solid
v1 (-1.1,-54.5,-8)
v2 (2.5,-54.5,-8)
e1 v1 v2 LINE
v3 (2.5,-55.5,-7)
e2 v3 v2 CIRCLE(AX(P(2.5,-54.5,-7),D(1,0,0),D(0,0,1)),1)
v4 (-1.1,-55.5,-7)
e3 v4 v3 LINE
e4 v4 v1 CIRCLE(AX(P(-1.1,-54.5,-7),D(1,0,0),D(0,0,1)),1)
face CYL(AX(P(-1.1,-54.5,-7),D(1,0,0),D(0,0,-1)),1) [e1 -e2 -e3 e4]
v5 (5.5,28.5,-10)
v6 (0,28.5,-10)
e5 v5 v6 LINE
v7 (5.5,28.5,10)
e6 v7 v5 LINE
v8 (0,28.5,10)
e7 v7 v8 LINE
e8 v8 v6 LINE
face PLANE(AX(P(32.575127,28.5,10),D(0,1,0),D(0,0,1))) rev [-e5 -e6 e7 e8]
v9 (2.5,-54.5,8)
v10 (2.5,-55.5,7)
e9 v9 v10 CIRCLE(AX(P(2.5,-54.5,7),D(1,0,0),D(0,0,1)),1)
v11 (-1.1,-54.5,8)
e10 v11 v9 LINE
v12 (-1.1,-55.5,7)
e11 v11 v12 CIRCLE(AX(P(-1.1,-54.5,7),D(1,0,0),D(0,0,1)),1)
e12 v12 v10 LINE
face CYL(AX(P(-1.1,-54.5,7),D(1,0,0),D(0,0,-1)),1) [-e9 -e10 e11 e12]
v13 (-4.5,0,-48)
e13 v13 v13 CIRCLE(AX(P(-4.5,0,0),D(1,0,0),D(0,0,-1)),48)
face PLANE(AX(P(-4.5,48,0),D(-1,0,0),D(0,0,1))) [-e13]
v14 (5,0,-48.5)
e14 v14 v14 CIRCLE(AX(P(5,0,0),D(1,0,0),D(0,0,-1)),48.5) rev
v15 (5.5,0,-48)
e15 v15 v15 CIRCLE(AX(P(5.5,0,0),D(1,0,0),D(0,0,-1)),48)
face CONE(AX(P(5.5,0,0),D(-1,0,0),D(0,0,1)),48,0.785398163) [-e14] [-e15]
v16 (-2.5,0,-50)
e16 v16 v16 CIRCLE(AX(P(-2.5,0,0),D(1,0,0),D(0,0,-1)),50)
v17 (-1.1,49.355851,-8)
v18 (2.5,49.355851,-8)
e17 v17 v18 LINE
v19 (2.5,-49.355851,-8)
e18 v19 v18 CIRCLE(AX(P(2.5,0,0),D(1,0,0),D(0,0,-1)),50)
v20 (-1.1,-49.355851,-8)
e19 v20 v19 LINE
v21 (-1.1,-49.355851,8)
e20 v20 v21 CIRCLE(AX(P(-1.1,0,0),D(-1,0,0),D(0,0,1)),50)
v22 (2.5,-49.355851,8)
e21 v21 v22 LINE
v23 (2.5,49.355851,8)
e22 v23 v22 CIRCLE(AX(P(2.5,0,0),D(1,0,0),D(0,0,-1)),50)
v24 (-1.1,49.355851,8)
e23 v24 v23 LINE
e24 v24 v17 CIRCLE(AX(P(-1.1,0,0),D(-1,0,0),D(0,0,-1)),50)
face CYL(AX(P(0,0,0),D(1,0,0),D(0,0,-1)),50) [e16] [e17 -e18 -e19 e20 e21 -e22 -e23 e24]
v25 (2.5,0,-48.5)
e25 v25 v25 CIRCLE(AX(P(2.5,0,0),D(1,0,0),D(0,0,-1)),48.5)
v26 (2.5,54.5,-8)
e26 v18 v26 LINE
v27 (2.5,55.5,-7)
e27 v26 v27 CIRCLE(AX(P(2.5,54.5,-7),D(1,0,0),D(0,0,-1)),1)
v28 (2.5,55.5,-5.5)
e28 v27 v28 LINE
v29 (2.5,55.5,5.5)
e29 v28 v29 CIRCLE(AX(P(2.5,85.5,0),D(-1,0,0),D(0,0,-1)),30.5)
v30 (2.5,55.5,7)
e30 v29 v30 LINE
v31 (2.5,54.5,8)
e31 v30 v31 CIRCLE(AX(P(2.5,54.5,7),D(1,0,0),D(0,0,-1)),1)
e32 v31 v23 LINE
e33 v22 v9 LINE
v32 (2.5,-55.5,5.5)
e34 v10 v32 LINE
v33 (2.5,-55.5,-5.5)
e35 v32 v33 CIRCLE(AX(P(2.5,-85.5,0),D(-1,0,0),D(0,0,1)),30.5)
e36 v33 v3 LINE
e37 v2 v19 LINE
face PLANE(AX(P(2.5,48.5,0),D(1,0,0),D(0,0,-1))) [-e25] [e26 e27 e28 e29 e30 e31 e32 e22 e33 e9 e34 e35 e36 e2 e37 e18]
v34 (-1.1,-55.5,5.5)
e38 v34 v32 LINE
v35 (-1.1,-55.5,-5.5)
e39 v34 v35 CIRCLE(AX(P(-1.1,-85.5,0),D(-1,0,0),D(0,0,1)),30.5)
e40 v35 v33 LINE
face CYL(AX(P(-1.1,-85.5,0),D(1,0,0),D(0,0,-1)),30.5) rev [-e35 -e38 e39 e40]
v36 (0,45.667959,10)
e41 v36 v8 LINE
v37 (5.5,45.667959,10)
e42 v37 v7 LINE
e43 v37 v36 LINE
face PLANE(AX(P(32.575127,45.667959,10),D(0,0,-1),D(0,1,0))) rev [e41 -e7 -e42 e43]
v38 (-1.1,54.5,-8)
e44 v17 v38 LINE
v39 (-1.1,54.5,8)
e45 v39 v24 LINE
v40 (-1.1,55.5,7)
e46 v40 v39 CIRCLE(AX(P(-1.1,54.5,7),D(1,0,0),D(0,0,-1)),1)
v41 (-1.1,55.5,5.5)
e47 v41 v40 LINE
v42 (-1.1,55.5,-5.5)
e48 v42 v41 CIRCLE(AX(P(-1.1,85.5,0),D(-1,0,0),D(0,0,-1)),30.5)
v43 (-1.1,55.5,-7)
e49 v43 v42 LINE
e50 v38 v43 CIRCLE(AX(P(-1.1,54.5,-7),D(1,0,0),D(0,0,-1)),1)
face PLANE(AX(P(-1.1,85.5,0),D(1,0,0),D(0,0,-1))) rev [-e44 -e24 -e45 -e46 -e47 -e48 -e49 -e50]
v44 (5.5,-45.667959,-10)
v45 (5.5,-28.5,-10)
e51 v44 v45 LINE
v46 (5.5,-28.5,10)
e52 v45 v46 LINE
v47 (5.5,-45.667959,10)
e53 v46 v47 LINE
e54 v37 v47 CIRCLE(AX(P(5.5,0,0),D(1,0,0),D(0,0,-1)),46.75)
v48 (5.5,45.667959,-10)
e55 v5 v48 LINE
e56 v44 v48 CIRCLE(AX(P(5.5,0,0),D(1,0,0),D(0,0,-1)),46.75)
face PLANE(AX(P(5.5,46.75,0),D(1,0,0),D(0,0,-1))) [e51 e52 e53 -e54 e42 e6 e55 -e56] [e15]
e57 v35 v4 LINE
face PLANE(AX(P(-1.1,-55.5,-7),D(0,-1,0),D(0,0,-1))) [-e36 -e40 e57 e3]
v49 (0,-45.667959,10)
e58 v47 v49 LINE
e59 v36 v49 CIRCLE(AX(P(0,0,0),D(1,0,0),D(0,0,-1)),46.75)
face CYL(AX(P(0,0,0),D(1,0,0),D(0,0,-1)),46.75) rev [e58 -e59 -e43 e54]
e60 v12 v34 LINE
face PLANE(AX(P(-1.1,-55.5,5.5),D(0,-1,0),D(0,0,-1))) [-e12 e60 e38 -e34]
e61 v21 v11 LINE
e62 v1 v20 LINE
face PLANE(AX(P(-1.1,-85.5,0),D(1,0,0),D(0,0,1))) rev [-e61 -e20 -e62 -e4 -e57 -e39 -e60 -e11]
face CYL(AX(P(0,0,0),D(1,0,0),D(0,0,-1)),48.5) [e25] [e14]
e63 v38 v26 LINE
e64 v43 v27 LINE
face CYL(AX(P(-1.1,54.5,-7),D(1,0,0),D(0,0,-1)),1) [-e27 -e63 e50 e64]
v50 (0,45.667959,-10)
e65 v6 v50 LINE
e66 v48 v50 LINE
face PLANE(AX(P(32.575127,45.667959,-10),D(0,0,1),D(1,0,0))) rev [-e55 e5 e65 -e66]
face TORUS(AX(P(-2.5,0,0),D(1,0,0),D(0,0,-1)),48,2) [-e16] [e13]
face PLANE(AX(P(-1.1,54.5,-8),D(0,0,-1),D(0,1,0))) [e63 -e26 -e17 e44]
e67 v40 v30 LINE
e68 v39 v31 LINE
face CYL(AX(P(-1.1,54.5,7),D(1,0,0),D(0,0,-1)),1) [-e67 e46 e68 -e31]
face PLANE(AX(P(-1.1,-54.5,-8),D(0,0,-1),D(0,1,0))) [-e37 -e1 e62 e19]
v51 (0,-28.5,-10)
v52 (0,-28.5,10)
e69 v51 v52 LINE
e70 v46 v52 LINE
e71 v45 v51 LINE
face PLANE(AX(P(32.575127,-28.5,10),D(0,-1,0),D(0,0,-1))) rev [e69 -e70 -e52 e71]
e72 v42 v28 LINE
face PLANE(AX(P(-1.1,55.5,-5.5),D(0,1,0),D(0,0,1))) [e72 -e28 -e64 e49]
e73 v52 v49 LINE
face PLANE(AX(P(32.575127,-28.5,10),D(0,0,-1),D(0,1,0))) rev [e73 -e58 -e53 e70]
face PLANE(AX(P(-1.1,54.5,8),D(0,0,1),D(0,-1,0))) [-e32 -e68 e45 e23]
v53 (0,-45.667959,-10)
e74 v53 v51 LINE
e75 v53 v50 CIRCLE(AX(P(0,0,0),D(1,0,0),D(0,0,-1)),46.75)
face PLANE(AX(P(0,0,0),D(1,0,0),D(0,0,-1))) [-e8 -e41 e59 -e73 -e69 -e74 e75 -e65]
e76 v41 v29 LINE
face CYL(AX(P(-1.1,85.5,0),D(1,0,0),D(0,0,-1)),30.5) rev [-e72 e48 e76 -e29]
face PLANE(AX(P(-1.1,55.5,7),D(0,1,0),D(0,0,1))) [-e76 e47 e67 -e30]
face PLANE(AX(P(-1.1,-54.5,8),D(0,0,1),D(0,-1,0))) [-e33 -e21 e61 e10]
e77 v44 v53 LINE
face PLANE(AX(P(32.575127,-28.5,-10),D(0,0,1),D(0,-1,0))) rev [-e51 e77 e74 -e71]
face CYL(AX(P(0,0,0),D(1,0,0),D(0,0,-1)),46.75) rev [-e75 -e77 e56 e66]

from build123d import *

# Parameters (mm, degrees)
CHANFREIN1_SIZE              = 0.5
BOSS_EXTRU_1_START           = 5.5
BOSS_EXTRU_1_DEPTH           = 5.5
BOSS_EXTRU_2_START           = -3.6
BOSS_EXTRU_2_DEPTH           = 3.6
R_P_TITION_CIRCULAIRE1_COUNT = 2


with BuildPart() as part:
    # Esquisse1 → Révolution1 (revolve)
    with BuildSketch(Plane.XY, mode=Mode.PRIVATE) as r_volution1_sk:
        with BuildLine():
            Line((0, 0), (0, 46.75))
            Line((0, 46.75), (5.5, 46.75))
            Line((5.5, 46.75), (5.5, 48.5))
            Line((5.5, 48.5), (2.5, 48.5))
            Line((2.5, 48.5), (2.5, 50))
            Line((2.5, 50), (-2.5, 50))
            ThreePointArc((-2.5, 50), (-3.914213562, 49.414213562), (-4.5, 48))
            Line((-4.5, 48), (-4.5, 0))
            Line((-4.5, 0), (0, 0))
        make_face()
    revolve(r_volution1_sk.sketch.rotate(Axis((0, 0, 0), (-1, 0, 0)), 90), axis=Axis((0, 0, 0), (-1, 0, 0)))

    # Chanfrein1
    chanfrein1_edges = [part.edges().sort_by_distance(p)[0] for p in [
        (5.5, 0, 48.5),
    ]]
    chamfer(chanfrein1_edges, length=CHANFREIN1_SIZE)

    # Esquisse2 → Boss.-Extru.1 (add)
    with BuildSketch(Plane(origin=(0, 0, 0), x_dir=(0, 0, -1), z_dir=(1, 0, 0)).offset(BOSS_EXTRU_1_START)):
        with BuildLine():
            Line((-10, 45.667959227), (-10, 28.5))
            Line((-10, 28.5), (10, 28.5))
            Line((10, 28.5), (10, 45.667959227))
            ThreePointArc((10, 45.667959227), (0, 46.75), (-10, 45.667959227))
        make_face()
        with BuildLine():
            Line((-10, -28.5), (10, -28.5))
            Line((10, -28.5), (10, -45.667959227))
            ThreePointArc((10, -45.667959227), (0, -46.75), (-10, -45.667959227))
            Line((-10, -45.667959227), (-10, -28.5))
        make_face()
    extrude(amount=-BOSS_EXTRU_1_DEPTH)

    # Esquisse3 → Boss.-Extru.2 (add)
    with BuildSketch(Plane(origin=(2.5, 0, 0), x_dir=(0, 0, -1), z_dir=(1, 0, 0)).offset(BOSS_EXTRU_2_START)):
        with BuildLine():
            Line((-8, 54.5), (-8, 49.355850717))
            ThreePointArc((-8, 49.355850717), (0, 50), (8, 49.355850717))
            Line((8, 49.355850717), (8, 54.5))
            ThreePointArc((8, 54.5), (7.707106781, 55.207106781), (7, 55.5))
            Line((7, 55.5), (5.5, 55.5))
            ThreePointArc((5.5, 55.5), (0, 55), (-5.5, 55.5))
            Line((-5.5, 55.5), (-7, 55.5))
            ThreePointArc((-7, 55.5), (-7.707106781, 55.207106781), (-8, 54.5))
        make_face()
    boss_extru_2 = extrude(amount=BOSS_EXTRU_2_DEPTH)

    # Répétition circulaire1: Boss.-Extru.2 ×2 about axis
    r_p_tition_circulaire1_axis = Axis((0, 0, 0), (1, 0, 0))
    for i in range(1, R_P_TITION_CIRCULAIRE1_COUNT):
        add(boss_extru_2.rotate(r_p_tition_circulaire1_axis, i * 360 / R_P_TITION_CIRCULAIRE1_COUNT))


solid = part.part
